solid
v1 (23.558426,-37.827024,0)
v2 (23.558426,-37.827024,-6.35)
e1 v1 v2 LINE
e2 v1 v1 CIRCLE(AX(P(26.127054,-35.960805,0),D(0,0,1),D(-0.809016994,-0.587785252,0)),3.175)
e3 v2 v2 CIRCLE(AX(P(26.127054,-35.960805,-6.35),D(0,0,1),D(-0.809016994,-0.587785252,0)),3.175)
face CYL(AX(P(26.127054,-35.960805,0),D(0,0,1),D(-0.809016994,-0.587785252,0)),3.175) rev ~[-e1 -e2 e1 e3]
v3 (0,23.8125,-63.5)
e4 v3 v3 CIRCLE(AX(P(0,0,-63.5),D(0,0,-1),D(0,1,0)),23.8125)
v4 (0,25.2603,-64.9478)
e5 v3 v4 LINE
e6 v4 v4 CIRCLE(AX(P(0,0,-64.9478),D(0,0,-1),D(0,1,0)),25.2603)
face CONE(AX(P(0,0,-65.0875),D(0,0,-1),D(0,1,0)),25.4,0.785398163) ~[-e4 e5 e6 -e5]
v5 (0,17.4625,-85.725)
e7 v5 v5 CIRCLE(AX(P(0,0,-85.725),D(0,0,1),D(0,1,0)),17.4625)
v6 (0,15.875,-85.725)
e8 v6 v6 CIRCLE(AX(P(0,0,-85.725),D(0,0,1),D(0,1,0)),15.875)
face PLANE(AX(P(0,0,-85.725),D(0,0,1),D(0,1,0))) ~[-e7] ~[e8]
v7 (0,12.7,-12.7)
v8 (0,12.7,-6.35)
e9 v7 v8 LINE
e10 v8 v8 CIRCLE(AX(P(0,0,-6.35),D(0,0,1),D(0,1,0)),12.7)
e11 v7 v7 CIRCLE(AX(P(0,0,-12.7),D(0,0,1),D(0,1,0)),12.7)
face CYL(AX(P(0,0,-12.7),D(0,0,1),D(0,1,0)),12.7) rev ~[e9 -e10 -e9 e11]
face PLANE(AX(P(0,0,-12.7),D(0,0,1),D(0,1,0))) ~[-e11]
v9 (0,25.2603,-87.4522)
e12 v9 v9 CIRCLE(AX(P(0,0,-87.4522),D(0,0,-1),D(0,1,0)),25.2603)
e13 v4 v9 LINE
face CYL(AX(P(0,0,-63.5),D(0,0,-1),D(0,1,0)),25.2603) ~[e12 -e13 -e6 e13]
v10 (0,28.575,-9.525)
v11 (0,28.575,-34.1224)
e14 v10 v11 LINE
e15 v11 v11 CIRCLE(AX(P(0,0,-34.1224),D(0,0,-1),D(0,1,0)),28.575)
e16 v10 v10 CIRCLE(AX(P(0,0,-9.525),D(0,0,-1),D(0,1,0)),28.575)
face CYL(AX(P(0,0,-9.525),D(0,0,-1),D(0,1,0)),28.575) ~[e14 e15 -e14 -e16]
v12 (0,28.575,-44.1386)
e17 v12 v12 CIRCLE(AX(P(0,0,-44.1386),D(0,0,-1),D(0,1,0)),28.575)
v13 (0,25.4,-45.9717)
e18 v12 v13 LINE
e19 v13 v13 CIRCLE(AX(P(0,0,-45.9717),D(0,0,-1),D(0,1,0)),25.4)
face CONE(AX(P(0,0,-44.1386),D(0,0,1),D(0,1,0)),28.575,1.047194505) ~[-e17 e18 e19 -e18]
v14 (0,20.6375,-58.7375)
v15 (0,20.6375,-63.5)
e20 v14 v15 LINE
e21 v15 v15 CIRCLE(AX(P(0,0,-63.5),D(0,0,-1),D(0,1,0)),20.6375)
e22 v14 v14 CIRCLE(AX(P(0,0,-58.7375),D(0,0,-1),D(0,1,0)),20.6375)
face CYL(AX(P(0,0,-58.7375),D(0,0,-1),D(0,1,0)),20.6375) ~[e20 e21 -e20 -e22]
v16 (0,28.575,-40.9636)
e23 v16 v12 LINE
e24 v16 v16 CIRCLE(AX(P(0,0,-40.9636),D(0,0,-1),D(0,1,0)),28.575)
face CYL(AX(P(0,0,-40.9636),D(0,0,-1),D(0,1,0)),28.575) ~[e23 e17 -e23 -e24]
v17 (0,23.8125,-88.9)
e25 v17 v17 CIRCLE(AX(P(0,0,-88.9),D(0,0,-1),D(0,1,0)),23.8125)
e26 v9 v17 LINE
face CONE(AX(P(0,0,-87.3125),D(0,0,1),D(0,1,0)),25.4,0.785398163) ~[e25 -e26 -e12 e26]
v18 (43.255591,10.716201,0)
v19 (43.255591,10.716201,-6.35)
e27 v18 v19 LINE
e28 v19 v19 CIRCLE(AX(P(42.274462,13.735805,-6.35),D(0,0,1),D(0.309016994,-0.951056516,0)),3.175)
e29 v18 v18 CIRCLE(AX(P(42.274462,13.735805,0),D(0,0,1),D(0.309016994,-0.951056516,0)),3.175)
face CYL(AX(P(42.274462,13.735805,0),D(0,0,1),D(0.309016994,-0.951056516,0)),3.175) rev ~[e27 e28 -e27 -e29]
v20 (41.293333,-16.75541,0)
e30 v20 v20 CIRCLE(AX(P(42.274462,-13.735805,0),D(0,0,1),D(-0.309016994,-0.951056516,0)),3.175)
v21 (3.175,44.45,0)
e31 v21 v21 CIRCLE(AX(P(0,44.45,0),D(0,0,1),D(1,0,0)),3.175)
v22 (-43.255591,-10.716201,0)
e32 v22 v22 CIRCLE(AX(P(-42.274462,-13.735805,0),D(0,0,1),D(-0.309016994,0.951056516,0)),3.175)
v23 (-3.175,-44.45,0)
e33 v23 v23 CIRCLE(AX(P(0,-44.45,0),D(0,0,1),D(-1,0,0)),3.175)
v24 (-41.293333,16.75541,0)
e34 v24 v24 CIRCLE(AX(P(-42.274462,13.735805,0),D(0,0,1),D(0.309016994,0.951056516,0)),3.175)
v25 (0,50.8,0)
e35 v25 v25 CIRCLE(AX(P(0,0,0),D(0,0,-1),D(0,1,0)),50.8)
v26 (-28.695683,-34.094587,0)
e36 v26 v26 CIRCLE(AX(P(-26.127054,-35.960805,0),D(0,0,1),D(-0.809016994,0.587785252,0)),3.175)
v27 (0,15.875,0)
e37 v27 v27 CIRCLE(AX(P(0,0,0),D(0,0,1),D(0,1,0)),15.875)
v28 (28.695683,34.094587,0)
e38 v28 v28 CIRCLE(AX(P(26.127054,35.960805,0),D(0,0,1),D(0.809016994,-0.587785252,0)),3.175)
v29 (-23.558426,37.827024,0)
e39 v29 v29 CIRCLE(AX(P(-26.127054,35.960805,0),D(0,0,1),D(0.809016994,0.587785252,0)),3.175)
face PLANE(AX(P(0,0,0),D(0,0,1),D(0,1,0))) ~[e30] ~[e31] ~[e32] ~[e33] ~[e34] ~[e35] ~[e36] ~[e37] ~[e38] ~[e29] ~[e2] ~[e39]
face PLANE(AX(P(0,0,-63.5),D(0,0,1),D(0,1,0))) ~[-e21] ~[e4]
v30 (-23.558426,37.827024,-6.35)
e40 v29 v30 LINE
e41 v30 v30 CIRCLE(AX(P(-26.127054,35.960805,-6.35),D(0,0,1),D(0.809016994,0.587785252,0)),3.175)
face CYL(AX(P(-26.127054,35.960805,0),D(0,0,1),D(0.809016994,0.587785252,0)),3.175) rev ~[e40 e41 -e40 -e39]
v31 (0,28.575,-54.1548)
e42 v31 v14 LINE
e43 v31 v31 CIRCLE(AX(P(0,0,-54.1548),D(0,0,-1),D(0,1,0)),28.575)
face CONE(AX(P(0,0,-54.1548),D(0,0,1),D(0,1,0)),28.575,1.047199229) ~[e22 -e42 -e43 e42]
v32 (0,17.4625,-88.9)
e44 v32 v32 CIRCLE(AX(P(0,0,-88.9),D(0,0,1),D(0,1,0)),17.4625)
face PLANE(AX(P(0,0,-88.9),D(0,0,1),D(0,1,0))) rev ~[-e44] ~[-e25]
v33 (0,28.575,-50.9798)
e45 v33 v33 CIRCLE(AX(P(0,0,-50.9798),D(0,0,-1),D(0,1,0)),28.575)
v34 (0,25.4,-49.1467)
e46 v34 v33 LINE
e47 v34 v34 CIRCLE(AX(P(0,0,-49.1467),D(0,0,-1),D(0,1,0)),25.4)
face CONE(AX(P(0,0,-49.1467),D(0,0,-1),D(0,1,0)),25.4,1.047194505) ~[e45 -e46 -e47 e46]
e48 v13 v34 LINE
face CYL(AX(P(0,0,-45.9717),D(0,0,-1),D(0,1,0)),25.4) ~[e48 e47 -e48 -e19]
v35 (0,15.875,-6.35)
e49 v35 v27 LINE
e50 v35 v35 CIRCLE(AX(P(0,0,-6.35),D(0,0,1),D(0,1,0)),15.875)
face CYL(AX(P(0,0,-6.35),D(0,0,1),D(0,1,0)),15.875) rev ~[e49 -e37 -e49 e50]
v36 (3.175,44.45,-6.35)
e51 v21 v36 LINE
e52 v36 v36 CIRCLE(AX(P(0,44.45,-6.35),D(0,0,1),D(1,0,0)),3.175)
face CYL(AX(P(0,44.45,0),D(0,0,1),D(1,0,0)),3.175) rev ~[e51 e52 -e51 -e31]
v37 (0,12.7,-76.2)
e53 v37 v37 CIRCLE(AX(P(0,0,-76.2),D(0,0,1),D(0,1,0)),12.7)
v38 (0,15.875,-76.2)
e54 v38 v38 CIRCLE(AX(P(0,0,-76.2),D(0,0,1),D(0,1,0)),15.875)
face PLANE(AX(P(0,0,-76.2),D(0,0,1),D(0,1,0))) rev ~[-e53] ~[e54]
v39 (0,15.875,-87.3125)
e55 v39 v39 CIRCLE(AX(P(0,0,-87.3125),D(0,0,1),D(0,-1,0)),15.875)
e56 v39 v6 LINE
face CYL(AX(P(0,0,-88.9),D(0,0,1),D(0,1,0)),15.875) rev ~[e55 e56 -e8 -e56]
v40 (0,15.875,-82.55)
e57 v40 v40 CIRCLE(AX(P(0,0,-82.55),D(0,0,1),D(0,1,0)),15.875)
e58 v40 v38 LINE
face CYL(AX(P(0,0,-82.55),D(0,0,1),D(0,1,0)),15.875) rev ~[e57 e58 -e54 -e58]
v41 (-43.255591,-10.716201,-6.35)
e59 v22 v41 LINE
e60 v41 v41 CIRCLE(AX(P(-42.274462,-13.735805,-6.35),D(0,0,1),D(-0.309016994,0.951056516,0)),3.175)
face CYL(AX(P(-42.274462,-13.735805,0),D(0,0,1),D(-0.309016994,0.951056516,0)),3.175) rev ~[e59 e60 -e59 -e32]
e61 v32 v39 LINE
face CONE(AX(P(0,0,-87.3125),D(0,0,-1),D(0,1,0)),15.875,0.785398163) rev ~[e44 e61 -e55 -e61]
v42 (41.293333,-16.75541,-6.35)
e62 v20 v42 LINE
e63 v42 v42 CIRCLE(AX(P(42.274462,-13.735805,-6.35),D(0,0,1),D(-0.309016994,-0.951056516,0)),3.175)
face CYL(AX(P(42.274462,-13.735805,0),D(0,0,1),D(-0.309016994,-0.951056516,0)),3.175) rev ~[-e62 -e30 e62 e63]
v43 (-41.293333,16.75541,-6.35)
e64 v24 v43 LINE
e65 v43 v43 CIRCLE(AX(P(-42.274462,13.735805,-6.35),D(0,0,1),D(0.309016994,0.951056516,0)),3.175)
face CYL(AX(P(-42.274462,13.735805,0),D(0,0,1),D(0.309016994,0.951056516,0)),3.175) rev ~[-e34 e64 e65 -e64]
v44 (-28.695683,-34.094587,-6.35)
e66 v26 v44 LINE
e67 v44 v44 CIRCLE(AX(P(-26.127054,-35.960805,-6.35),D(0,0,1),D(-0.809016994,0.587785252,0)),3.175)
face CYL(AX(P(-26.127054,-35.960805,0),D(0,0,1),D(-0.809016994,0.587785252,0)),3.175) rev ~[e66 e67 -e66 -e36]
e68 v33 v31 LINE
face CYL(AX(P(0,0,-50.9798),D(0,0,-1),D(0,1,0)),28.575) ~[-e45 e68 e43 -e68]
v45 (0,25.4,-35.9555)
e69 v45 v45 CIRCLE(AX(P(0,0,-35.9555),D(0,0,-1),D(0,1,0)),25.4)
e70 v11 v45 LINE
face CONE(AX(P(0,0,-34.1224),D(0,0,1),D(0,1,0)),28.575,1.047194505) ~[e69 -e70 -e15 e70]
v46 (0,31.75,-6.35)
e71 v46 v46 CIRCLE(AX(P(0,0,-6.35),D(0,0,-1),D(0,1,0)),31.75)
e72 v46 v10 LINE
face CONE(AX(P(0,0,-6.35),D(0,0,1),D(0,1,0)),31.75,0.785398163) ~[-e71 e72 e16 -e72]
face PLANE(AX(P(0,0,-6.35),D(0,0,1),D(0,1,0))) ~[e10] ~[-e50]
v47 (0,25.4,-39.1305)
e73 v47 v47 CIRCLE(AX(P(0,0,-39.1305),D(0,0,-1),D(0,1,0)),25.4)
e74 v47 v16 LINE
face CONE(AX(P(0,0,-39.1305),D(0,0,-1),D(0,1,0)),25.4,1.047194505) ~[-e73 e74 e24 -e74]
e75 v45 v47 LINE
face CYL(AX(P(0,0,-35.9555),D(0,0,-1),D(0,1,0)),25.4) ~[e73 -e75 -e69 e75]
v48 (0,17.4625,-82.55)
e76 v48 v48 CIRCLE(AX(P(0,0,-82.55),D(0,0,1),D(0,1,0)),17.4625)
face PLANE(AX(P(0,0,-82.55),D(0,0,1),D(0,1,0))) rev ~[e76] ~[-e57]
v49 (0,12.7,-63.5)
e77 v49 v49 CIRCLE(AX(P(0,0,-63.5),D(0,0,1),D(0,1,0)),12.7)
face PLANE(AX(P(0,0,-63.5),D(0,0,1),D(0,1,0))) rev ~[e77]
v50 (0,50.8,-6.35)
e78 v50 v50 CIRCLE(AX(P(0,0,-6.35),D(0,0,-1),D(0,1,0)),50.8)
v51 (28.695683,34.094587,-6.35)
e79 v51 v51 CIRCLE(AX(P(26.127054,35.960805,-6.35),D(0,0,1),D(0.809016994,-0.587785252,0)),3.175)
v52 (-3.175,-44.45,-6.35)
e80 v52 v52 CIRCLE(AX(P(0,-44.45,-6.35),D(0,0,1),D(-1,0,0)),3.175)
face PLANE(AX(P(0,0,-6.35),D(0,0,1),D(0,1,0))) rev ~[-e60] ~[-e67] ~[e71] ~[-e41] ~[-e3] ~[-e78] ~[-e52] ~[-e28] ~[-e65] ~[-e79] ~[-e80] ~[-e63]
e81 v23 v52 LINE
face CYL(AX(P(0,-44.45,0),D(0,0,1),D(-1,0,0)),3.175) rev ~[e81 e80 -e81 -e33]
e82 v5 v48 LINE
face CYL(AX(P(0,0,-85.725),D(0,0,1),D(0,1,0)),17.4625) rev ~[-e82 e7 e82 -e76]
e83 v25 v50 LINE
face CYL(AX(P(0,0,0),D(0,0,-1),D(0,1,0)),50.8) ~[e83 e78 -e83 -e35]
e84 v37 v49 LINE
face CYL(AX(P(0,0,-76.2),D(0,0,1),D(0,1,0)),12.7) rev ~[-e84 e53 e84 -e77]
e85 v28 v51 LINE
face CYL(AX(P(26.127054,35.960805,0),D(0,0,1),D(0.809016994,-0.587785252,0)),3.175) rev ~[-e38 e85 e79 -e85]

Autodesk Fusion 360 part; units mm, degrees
sketch "Sketch1" plane through (0, 0, 0) normal (1, 0, 0) x (0, 0, -1)
  line L0 (0, 0) -> (0, 50.8)
  line L1 (0, 50.8) -> (6.35, 50.8)
  line L2 (6.35, 50.8) -> (6.35, 31.75)
  line L3 (6.35, 31.75) -> (9.525, 28.575)
  line L4 (9.525, 28.575) -> (34.1224, 28.575)
  line L5 (34.1224, 28.575) -> (35.9555, 25.4)
  line L6 (35.9555, 25.4) -> (39.1305, 25.4)
  line L7 (39.1305, 25.4) -> (40.9636, 28.575)
  line L8 (40.9636, 28.575) -> (44.1386, 28.575)
  line L9 (44.1386, 28.575) -> (45.9717, 25.4)
  line L10 (45.9717, 25.4) -> (49.1467, 25.4)
  line L11 (49.1467, 25.4) -> (50.9798, 28.575)
  line L12 (50.9798, 28.575) -> (54.1548, 28.575)
  line L13 (54.1548, 28.575) -> (58.7375, 20.6375)
  line L14 (58.7375, 20.6375) -> (63.5, 20.6375)
  line L15 (63.5, 20.6375) -> (63.5, 25.4)
  line L16 (63.5, 25.4) -> (88.9, 25.4)
  line L17 (88.9, 25.4) -> (88.9, 15.875)
  line L18 (88.9, 15.875) -> (85.725, 15.875)
  line L19 (85.725, 15.875) -> (85.725, 17.4625)
  line L20 (85.725, 17.4625) -> (82.55, 17.4625)
  line L21 (82.55, 17.4625) -> (82.55, 15.875)
  line L22 (82.55, 15.875) -> (76.2, 15.875)
  line L23 (76.2, 15.875) -> (76.2, 12.7)
  line L24 (76.2, 12.7) -> (63.5, 12.7)
  line L25 (63.5, 12.7) -> (63.5, 0)
  line L26 (63.5, 0) -> (12.7, 0)
  line L27 (12.7, 0) -> (12.7, 12.7)
  line L28 (12.7, 12.7) -> (6.35, 12.7)
  line L29 (6.35, 12.7) -> (6.35, 15.875)
  line L30 (6.35, 15.875) -> (0, 15.875)
  dimension "d1" = 6.35
  dimension "d2" = 45
  dimension "d3" = 3.175
  dimension "d4" = 57.15
  dimension "d5" = 3.175
  dimension "d6" = 60
  dimension "d7" = 60
  dimension "d8" = 60
  dimension "d9" = 60
  dimension "d10" = 60
  dimension "d11" = 4.7625
  dimension "d12" = 50.8
  dimension "d13" = 12.7
  dimension "d14" = 25.4
  dimension "d15" = 31.75
  dimension "d16" = 6.35
  dimension "d17" = 3.175
  dimension "d18" = 3.175
  dimension "d19" = 34.925
  dimension "d20" = 88.9
  dimension "d21" = 25.4
  dimension "d22" = 12.7
  dimension "d23" = 25.4
  dimension "d24" = 41.275
  dimension "d25" = 3.175
  dimension "d26" = 101.6
revolve "Revolve1" add sketch "Sketch1" angle 360 about axis through (0, 0, -63.5) along (0, 0, 1)
chamfer "Chamfer1" distance 1.5875 angle 45 3 edges at (-23.6811, 9.185, -63.5) (-23.6811, 9.185, -88.9) (-14.8007, 5.7406, -88.9)
thread "Thread1" "ANSI Unified Screw Threads 2.0 2-4.5 UNC 3A" major diameter 50.5206 minor diameter 44.0766 pitch 6.35 angle 60 resizes the face on face at (20.9839, 14.3121, -72.4958)
sketch "Sketch2" plane through (0, 0, 0) normal (0, 0, 1) x (1, 0, 0)
  circle A0 centre (0, 0) radius 15.875
  circle A1 centre (0, 0) radius 50.8
  circle A2 centre (0, 44.45) radius 3.175
  dimension "d29" = 44.45
  dimension "d30" = 6.35
extrude "Extrude1" cut sketch "Sketch2" against normal through all contours A2
pattern_circular "C-Pattern1" count 10 over 360 about axis through (0, 0, 0) along (0, 0, -1) of "Extrude1"
equation "d7 = d6"
equation "d8 = d6"
equation "d9 = d6"
equation "d10 = d6"
